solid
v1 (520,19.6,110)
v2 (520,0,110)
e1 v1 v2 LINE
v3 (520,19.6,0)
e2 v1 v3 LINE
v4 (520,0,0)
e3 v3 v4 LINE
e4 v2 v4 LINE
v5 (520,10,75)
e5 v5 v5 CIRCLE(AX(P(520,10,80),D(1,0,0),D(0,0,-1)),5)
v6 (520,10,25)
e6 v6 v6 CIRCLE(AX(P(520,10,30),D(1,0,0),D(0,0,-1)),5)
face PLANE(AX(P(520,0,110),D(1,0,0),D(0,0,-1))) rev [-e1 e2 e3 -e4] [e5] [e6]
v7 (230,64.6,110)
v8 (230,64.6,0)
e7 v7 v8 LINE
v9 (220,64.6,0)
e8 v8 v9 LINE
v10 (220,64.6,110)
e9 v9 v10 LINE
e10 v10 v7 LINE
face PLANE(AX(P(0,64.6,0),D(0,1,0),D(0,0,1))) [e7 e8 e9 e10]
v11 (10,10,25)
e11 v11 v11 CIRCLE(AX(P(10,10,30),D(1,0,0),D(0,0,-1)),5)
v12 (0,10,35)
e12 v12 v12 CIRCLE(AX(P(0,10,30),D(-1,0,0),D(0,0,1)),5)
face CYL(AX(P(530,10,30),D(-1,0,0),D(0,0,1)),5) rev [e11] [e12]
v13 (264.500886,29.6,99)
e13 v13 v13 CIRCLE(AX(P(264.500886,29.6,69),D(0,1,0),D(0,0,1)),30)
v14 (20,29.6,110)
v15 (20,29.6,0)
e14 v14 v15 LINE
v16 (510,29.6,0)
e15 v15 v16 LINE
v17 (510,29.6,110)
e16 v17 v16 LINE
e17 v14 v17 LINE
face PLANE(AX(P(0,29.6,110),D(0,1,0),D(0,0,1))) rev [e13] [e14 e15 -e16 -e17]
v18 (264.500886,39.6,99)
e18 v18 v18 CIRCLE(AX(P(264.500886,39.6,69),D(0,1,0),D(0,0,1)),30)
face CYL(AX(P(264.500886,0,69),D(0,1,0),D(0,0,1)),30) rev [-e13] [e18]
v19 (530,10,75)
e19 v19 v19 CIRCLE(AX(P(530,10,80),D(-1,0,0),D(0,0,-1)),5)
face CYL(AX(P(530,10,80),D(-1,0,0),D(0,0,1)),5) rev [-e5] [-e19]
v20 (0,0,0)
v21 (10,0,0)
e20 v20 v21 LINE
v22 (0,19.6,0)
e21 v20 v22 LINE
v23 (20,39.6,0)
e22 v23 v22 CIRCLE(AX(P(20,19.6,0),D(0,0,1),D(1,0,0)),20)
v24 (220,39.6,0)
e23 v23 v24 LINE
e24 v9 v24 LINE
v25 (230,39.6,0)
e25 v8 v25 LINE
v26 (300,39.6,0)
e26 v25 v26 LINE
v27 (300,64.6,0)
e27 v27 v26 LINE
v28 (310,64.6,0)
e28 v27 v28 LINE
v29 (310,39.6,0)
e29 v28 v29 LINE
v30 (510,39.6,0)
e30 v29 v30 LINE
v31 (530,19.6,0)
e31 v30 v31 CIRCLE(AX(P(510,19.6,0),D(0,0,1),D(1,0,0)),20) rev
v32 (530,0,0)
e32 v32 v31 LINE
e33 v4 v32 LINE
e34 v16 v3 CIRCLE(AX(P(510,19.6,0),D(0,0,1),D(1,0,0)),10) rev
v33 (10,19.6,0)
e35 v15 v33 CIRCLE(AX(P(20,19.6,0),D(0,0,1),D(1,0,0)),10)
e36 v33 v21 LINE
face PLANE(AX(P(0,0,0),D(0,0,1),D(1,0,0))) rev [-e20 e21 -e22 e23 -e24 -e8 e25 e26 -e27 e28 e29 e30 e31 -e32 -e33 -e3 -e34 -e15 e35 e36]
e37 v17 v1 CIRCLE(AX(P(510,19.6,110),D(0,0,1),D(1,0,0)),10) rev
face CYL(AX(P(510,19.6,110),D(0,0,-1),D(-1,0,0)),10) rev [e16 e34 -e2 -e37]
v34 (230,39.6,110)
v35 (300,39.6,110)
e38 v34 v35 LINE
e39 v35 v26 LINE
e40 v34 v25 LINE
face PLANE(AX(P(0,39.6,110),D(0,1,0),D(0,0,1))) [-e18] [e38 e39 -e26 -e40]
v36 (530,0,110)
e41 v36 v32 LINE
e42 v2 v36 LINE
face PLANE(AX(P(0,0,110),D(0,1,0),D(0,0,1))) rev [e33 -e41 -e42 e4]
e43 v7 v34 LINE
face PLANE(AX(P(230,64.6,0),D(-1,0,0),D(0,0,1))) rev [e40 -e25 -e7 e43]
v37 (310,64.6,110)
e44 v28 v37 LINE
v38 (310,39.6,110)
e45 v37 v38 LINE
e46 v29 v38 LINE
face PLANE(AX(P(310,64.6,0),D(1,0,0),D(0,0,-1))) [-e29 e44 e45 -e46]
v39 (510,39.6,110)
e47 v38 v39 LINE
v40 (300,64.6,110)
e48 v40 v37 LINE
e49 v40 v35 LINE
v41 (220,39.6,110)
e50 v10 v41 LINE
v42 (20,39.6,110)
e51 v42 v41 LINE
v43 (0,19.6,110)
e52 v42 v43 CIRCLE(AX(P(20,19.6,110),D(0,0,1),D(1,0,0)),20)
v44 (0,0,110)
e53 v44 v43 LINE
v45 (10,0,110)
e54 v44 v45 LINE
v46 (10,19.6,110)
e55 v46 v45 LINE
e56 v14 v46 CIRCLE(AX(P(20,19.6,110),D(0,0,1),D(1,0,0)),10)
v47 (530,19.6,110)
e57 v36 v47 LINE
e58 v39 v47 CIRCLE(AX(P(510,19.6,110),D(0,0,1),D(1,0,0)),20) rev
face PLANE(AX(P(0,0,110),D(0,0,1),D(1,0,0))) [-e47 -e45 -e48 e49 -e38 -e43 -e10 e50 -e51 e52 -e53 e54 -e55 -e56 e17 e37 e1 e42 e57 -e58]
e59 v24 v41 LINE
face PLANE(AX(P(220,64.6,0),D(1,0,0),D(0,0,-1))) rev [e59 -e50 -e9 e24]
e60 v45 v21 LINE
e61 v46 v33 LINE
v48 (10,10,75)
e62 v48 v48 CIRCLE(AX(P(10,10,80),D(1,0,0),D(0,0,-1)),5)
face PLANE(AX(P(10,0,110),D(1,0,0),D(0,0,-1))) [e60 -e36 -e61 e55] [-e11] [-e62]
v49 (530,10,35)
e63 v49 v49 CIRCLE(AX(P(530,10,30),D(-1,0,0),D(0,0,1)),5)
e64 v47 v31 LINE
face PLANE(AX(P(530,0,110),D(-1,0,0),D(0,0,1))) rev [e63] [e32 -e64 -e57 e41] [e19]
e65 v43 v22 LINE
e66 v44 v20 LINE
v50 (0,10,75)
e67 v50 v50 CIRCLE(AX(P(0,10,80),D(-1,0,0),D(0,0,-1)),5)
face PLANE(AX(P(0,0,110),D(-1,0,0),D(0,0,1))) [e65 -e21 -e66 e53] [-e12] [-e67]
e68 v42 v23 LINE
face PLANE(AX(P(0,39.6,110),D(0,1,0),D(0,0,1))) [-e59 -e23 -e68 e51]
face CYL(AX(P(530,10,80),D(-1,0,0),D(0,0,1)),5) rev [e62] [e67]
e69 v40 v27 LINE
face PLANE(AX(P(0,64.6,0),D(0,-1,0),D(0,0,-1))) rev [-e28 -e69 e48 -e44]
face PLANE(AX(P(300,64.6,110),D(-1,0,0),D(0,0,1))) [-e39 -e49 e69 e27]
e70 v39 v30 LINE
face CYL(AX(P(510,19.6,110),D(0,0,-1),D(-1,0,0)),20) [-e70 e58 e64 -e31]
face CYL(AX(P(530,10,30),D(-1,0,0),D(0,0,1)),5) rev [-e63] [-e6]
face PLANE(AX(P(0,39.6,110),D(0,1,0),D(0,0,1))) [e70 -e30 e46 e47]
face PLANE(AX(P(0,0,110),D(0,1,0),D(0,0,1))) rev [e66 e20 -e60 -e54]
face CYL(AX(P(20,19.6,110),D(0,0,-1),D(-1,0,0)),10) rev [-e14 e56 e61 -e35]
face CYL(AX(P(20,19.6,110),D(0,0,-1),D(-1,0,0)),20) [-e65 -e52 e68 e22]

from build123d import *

# Parameters (mm, degrees)
BOSS_EXTRUDE2_DEPTH = 110
SKETCH2_R           = 5
CUT_EXTRUDE1_DEPTH  = 543.741338024
SKETCH3_W           = 10
SKETCH3_H           = 110
BOSS_EXTRUDE3_DEPTH = 25
SKETCH5_R           = 30
CUT_EXTRUDE2_DEPTH  = 543.741338024


with BuildPart() as part:
    # Sketch1 → Boss-Extrude2 (new body)
    with BuildSketch(Plane.XY):
        with BuildLine():
            Line((20, 29.6), (510, 29.6))
            ThreePointArc((510, 29.6), (517.071067812, 26.671067812), (520, 19.6))
            Line((520, 19.6), (520, 0))
            Line((520, 0), (530, 0))
            Line((530, 0), (530, 19.6))
            ThreePointArc((530, 19.6), (524.142135624, 33.742135624), (510, 39.6))
            Line((510, 39.6), (20, 39.6))
            ThreePointArc((20, 39.6), (5.857864376, 33.742135624), (0, 19.6))
            Line((0, 19.6), (0, 0))
            Line((0, 0), (10, 0))
            Line((10, 0), (10, 19.6))
            ThreePointArc((10, 19.6), (12.928932188, 26.671067812), (20, 29.6))
        make_face()
    extrude(amount=BOSS_EXTRUDE2_DEPTH)

    # Sketch2 → Cut-Extrude1 (cut, through all)
    with BuildSketch(Plane.ZY):
        with Locations((30, 10)):
            Circle(SKETCH2_R)
        with Locations(Location((80, 10, 0), (0, 0, 180))):
            Circle(SKETCH2_R)
    extrude(amount=-CUT_EXTRUDE1_DEPTH, mode=Mode.SUBTRACT)

    # Sketch3 → Boss-Extrude3 (add)
    with BuildSketch(Plane(origin=(0, 39.6, 0), x_dir=(1, 0, 0), z_dir=(0, 1, 0))):
        with Locations((225, -55)):
            Rectangle(SKETCH3_W, SKETCH3_H)
        with Locations((305, -55)):
            Rectangle(SKETCH3_W, SKETCH3_H)
    extrude(amount=BOSS_EXTRUDE3_DEPTH)

    # Sketch5 → Cut-Extrude2 (cut, through all)
    with BuildSketch(Plane(origin=(0, 39.6, 0), x_dir=(1, 0, 0), z_dir=(0, 1, 0))):
        with Locations(Location((264.500885843, -69, 0), (0, 0, 270))):
            Circle(SKETCH5_R)
    extrude(amount=-CUT_EXTRUDE2_DEPTH, mode=Mode.SUBTRACT)


solid = part.part
